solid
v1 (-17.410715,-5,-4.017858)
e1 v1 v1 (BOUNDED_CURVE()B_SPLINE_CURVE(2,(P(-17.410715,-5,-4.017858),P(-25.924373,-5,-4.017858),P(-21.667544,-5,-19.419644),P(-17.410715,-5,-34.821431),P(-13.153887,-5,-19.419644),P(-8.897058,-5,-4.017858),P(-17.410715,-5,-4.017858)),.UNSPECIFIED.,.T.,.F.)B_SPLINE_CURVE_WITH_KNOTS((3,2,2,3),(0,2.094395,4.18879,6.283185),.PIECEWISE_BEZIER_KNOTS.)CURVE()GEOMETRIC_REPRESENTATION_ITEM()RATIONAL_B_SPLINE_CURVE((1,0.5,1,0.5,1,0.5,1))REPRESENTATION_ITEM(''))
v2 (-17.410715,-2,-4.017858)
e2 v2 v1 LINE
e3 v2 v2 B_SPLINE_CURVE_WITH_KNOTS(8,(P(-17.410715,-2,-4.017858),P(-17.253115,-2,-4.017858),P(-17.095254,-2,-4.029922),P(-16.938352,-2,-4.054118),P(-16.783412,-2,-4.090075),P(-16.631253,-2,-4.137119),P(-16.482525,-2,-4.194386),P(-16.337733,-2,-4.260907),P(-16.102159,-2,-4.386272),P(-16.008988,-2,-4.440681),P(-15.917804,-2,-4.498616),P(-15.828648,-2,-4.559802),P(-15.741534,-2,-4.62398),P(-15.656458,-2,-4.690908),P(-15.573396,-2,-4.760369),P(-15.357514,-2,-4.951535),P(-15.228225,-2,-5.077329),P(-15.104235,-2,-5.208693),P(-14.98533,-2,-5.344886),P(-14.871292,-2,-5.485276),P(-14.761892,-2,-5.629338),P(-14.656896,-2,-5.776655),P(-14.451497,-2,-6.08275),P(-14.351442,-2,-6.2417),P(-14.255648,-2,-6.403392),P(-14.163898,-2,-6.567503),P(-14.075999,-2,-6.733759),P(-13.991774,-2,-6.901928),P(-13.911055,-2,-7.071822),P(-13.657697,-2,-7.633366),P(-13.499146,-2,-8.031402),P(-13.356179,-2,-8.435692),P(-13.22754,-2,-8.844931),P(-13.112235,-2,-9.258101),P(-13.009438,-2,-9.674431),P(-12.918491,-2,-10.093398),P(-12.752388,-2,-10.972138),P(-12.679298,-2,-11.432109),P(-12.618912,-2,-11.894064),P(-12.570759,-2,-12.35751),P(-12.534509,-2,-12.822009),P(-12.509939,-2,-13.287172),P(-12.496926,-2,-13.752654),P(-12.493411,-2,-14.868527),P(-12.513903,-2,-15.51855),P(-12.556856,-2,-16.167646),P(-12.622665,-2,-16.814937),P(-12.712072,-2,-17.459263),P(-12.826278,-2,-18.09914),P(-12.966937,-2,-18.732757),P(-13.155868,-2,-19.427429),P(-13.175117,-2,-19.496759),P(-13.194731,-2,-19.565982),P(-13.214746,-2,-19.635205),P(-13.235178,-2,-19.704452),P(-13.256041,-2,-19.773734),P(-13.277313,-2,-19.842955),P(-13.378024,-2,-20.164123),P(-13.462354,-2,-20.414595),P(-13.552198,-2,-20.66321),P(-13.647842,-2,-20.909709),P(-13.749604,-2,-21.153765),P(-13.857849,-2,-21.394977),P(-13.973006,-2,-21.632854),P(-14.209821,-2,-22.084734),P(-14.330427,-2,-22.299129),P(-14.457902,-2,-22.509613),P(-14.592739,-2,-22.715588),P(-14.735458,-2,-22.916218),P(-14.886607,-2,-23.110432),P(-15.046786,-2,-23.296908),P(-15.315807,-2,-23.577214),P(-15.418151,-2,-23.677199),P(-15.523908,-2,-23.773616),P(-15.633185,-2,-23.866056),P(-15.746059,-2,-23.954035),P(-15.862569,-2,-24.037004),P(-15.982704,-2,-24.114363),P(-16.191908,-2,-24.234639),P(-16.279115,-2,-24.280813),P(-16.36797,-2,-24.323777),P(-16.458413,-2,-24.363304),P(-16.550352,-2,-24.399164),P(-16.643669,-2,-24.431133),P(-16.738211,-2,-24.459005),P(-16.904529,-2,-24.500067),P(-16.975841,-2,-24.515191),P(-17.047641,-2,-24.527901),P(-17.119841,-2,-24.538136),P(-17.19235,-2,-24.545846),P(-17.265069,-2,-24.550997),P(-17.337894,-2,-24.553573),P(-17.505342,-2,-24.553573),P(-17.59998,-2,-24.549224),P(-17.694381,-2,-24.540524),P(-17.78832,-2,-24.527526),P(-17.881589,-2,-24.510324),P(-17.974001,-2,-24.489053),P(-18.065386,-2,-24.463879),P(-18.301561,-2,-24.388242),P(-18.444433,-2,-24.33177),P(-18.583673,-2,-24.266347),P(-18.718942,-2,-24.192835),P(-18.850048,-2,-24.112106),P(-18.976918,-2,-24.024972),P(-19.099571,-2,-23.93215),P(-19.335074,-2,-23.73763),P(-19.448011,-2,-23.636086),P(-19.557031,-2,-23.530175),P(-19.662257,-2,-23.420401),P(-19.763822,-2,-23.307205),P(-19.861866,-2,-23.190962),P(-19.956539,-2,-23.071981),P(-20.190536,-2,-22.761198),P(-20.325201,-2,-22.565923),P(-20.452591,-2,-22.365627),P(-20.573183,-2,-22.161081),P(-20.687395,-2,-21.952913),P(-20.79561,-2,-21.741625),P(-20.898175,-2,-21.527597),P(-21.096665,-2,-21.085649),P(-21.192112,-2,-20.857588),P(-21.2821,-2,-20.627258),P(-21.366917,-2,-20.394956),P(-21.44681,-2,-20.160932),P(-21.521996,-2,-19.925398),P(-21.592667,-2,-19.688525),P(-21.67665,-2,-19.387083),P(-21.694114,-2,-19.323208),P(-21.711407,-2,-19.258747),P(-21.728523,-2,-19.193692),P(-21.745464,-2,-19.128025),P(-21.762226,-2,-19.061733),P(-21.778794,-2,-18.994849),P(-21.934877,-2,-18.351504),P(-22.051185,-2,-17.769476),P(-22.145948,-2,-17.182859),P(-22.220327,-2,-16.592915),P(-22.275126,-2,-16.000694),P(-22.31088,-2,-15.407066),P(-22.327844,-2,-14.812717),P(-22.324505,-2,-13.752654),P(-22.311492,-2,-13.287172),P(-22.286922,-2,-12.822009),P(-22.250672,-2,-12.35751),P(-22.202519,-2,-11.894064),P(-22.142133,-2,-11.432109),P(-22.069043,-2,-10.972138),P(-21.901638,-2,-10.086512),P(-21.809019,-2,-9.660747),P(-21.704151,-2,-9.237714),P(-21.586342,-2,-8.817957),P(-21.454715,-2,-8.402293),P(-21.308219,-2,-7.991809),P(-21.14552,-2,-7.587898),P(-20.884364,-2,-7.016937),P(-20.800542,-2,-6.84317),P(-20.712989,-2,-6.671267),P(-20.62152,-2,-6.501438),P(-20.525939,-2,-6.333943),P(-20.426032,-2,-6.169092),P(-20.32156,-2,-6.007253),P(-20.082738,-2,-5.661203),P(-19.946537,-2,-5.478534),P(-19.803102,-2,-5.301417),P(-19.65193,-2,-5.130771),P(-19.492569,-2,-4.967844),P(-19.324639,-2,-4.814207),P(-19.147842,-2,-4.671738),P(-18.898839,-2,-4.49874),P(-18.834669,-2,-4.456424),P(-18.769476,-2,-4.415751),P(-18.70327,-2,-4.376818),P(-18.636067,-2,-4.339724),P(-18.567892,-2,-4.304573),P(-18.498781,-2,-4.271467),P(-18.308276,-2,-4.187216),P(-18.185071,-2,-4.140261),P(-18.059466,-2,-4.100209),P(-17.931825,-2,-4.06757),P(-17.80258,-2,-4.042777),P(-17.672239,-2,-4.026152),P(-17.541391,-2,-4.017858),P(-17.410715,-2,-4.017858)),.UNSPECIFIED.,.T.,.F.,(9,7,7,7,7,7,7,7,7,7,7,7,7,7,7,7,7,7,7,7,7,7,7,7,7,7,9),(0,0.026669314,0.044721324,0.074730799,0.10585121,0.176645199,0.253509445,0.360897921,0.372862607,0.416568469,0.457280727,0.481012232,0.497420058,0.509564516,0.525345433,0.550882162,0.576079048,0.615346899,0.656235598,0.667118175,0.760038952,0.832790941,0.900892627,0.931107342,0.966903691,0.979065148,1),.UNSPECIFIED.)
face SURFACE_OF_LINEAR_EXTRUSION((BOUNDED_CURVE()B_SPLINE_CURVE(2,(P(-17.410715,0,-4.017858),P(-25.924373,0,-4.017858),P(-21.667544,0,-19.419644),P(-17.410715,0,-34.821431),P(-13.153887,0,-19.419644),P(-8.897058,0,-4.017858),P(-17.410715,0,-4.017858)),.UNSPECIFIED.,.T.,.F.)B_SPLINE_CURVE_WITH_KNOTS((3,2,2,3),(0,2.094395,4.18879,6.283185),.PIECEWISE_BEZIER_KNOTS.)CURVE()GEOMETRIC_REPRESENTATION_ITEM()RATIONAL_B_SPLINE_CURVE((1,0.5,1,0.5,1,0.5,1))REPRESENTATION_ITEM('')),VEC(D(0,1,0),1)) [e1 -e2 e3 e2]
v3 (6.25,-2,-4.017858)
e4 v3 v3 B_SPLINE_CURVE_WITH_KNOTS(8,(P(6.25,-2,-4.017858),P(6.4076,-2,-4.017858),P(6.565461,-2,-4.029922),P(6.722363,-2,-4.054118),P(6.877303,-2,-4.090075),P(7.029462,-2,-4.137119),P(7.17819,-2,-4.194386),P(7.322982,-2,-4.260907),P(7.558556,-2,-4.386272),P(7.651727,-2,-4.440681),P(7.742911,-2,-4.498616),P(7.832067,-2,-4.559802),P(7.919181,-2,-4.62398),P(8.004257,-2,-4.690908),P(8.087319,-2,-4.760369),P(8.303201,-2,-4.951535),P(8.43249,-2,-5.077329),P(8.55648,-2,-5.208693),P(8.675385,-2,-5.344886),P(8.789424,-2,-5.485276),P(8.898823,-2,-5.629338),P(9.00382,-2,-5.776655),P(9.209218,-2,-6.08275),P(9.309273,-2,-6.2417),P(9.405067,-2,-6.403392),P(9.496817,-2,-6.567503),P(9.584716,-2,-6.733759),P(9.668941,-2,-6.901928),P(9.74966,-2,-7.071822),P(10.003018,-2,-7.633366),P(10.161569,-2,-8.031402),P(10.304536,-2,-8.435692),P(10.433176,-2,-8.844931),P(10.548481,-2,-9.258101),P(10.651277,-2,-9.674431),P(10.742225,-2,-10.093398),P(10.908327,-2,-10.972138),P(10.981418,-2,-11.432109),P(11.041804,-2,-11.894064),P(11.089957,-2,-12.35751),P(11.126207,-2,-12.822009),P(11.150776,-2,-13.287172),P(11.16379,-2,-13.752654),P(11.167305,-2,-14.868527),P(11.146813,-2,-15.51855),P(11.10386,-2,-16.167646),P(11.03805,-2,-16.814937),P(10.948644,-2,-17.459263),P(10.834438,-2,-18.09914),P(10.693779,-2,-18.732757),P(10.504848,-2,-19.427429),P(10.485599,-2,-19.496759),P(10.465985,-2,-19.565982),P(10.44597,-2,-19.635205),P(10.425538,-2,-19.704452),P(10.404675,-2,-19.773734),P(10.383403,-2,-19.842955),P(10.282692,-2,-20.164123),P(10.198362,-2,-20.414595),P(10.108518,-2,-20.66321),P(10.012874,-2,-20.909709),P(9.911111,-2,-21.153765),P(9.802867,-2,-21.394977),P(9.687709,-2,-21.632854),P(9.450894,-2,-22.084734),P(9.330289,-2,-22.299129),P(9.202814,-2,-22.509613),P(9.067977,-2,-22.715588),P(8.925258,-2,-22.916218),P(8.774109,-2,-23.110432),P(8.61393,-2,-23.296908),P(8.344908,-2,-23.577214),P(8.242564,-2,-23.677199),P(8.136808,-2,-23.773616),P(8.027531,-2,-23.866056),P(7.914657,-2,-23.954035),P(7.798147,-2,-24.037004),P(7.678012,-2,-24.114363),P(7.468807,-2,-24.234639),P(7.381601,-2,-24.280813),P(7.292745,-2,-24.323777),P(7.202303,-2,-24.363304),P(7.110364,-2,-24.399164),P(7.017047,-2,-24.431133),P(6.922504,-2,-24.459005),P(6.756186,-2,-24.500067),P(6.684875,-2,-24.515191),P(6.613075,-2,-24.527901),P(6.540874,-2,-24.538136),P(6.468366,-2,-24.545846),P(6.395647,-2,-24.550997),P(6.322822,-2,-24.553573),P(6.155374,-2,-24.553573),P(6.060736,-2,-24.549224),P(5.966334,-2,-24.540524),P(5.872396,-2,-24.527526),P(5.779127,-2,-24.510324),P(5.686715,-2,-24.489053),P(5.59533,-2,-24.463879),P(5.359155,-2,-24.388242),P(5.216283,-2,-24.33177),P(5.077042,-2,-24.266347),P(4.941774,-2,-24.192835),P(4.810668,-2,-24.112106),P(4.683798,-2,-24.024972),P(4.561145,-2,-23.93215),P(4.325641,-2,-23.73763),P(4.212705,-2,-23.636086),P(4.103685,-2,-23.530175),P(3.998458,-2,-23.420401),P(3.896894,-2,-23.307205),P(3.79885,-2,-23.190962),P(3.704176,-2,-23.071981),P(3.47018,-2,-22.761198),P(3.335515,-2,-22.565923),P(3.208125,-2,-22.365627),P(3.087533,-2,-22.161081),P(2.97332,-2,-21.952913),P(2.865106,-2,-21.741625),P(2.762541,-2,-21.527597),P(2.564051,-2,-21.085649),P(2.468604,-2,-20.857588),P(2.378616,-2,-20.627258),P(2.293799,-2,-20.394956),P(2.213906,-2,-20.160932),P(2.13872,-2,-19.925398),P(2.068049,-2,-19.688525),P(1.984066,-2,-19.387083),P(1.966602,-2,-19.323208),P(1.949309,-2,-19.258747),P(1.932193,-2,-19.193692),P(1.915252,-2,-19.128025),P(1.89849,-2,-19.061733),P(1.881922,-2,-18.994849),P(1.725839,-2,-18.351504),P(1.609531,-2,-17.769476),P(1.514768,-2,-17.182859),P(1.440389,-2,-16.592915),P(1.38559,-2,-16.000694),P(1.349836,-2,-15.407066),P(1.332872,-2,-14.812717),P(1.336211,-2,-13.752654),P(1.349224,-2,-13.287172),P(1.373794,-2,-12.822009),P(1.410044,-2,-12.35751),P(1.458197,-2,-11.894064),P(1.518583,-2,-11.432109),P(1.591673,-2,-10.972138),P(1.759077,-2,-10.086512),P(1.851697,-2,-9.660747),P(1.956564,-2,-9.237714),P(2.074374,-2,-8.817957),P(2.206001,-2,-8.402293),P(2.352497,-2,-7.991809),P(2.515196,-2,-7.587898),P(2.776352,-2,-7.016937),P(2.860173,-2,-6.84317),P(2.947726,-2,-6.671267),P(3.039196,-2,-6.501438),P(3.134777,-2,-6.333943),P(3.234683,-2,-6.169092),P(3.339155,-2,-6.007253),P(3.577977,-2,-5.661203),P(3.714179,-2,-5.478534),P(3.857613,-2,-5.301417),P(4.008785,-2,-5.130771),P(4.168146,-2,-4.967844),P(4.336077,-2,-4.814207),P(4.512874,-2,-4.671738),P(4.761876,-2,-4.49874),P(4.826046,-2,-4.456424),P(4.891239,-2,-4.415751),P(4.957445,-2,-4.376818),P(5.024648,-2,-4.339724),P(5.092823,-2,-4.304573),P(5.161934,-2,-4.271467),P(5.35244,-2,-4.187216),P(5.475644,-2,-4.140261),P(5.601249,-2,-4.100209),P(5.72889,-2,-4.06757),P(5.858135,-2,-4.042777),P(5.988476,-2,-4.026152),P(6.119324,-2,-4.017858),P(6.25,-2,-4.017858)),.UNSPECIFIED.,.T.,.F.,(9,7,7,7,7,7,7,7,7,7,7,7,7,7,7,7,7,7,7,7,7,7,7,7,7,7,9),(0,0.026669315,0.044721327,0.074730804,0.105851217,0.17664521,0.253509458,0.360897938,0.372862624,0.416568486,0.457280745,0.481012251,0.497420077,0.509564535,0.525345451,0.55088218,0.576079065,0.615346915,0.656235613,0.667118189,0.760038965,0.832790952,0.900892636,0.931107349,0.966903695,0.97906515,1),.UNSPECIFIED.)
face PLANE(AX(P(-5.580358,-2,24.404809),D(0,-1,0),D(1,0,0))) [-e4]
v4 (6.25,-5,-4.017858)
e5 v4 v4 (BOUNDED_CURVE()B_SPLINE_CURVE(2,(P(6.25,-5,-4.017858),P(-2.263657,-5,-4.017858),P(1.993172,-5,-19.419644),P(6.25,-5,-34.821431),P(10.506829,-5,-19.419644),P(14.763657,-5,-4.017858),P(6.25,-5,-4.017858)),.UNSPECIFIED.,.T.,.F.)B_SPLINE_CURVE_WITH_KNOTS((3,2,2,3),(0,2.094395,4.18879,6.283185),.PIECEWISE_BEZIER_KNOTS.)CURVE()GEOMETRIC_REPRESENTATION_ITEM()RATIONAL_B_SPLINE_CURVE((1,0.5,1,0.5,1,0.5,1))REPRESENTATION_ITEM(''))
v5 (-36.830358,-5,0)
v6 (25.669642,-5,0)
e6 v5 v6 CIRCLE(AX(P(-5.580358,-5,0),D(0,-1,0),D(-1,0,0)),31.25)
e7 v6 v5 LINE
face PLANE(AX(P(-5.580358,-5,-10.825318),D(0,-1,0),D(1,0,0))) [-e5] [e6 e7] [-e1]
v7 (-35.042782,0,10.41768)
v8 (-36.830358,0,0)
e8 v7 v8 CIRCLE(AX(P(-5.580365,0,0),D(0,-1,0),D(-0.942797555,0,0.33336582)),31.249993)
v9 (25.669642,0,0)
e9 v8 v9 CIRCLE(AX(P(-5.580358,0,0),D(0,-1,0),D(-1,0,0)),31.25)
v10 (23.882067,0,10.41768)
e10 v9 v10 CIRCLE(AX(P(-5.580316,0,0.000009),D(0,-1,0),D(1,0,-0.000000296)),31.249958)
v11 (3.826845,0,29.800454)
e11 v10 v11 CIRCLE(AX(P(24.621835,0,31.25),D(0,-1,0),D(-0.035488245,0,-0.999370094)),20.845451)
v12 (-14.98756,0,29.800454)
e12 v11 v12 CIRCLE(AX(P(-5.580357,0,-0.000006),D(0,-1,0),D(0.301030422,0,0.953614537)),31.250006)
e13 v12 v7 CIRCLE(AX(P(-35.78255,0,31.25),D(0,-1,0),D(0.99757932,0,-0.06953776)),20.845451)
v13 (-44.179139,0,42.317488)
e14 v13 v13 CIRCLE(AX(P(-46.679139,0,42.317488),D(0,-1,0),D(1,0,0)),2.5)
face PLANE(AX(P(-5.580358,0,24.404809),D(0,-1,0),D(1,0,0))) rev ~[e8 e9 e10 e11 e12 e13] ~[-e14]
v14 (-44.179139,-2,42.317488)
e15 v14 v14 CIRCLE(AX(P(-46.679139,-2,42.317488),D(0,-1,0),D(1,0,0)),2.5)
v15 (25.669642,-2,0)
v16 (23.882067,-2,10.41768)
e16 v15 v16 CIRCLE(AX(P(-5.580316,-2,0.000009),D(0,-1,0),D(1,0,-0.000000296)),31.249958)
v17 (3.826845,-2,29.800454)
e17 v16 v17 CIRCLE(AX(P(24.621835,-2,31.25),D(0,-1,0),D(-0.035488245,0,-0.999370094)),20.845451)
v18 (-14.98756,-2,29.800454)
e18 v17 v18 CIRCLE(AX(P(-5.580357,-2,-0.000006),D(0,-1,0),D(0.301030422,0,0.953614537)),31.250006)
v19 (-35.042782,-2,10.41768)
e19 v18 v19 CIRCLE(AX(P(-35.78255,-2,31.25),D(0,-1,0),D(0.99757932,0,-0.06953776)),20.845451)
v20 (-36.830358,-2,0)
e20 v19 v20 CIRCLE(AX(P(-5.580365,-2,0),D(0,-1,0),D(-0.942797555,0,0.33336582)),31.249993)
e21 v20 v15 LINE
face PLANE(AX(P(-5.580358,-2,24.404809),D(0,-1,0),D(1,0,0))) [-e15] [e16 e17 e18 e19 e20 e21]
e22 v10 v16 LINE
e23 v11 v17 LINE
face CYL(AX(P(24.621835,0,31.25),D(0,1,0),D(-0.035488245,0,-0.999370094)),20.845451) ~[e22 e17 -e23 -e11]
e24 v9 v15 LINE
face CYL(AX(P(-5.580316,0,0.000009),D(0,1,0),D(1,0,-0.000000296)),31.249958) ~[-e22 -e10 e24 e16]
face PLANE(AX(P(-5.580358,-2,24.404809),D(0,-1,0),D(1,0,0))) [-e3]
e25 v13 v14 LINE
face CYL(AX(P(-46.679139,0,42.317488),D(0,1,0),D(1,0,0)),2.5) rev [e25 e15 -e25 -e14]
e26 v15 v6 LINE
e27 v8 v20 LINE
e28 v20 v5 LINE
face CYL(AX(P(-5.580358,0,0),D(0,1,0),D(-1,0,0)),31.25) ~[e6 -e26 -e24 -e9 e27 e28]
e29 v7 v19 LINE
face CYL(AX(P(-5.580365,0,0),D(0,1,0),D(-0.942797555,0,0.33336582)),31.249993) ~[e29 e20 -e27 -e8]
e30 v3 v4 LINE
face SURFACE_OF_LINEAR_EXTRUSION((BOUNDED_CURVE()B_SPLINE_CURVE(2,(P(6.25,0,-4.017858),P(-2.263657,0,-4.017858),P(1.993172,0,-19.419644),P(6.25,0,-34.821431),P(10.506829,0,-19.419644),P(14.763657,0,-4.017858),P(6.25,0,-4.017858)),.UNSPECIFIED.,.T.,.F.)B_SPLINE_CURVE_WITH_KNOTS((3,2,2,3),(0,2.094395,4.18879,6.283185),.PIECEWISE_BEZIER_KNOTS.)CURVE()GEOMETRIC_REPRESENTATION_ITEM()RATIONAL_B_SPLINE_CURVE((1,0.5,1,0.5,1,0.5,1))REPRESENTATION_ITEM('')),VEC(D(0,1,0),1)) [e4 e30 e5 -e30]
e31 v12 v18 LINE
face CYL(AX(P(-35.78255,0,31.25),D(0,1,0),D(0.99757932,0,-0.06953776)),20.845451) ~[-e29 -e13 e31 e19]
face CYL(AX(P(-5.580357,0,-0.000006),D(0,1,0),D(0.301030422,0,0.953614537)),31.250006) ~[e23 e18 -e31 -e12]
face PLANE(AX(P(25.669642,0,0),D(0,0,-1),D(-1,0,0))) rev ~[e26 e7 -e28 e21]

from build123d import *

# Parameters (mm, degrees)
F0_R     = 2.5
F1_DEPTH = 2
F2_DEPTH = 5


with BuildPart() as f1:
    # F0 (on Front) → F1 (new body)
    with BuildSketch(Plane.XZ):
        with BuildLine():
            ThreePointArc((-14.98756, 29.800454), (-50.269077, 46.239108), (-35.042782, 10.41768))
            ThreePointArc((-35.042782, 10.41768), (-36.380222, 5.284967), (-36.830358, 0))
            Line((-36.830358, 0), (25.669642, 0))
            ThreePointArc((25.669642, 0), (25.219507, 5.284967), (23.882067, 10.41768))
            ThreePointArc((23.882067, 10.41768), (39.108362, 46.239108), (3.826845, 29.800454))
            ThreePointArc((3.826845, 29.800454), (-5.580358, 31.25), (-14.98756, 29.800454))
        make_face()
        with Locations((-46.679139, 42.317488)):
            Circle(F0_R, mode=Mode.SUBTRACT)
        with BuildLine():
            Line((25.669642, 0), (-36.830358, 0))
            ThreePointArc((-36.830358, 0), (-5.580358, -31.25), (25.669642, 0))
        make_face()
        with BuildLine():
            add(Edge.make_bspline(
                [(-17.410715, -4.017858), (-25.924373, -4.017858), (-21.667544, -19.419644), (-17.410715, -34.821431), (-13.153887, -19.419644), (-8.897058, -4.017858), (-17.410715, -4.017858)],
                knots=[0, 0, 0, 2.094395, 2.094395, 4.18879, 4.18879, 6.283185, 6.283185, 6.283185], degree=2, weights=[1, 0.5, 1, 0.5, 1, 0.5, 1]))
        make_face(mode=Mode.SUBTRACT)
        with BuildLine():
            add(Edge.make_bspline(
                [(6.25, -4.017858), (-2.263657, -4.017858), (1.993172, -19.419644), (6.25, -34.821431), (10.506829, -19.419644), (14.763657, -4.017858), (6.25, -4.017858)],
                knots=[0, 0, 0, 2.094395, 2.094395, 4.18879, 4.18879, 6.283185, 6.283185, 6.283185], degree=2, weights=[1, 0.5, 1, 0.5, 1, 0.5, 1]))
        make_face(mode=Mode.SUBTRACT)
        with BuildLine():
            add(Edge.make_bspline(
                [(-17.410715, -4.017858), (-25.924373, -4.017858), (-21.667544, -19.419644), (-17.410715, -34.821431), (-13.153887, -19.419644), (-8.897058, -4.017858), (-17.410715, -4.017858)],
                knots=[0, 0, 0, 2.094395, 2.094395, 4.18879, 4.18879, 6.283185, 6.283185, 6.283185], degree=2, weights=[1, 0.5, 1, 0.5, 1, 0.5, 1]))
        make_face()
        with BuildLine():
            add(Edge.make_bspline(
                [(6.25, -4.017858), (-2.263657, -4.017858), (1.993172, -19.419644), (6.25, -34.821431), (10.506829, -19.419644), (14.763657, -4.017858), (6.25, -4.017858)],
                knots=[0, 0, 0, 2.094395, 2.094395, 4.18879, 4.18879, 6.283185, 6.283185, 6.283185], degree=2, weights=[1, 0.5, 1, 0.5, 1, 0.5, 1]))
        make_face()
    extrude(amount=F1_DEPTH)

    # F0 (on Front) → F2 (join)
    with BuildSketch(Plane.XZ):
        with BuildLine():
            Line((25.669642, 0), (-36.830358, 0))
            ThreePointArc((-36.830358, 0), (-5.580358, -31.25), (25.669642, 0))
        make_face()
        with BuildLine():
            add(Edge.make_bspline(
                [(-17.410715, -4.017858), (-25.924373, -4.017858), (-21.667544, -19.419644), (-17.410715, -34.821431), (-13.153887, -19.419644), (-8.897058, -4.017858), (-17.410715, -4.017858)],
                knots=[0, 0, 0, 2.094395, 2.094395, 4.18879, 4.18879, 6.283185, 6.283185, 6.283185], degree=2, weights=[1, 0.5, 1, 0.5, 1, 0.5, 1]))
        make_face(mode=Mode.SUBTRACT)
        with BuildLine():
            add(Edge.make_bspline(
                [(6.25, -4.017858), (-2.263657, -4.017858), (1.993172, -19.419644), (6.25, -34.821431), (10.506829, -19.419644), (14.763657, -4.017858), (6.25, -4.017858)],
                knots=[0, 0, 0, 2.094395, 2.094395, 4.18879, 4.18879, 6.283185, 6.283185, 6.283185], degree=2, weights=[1, 0.5, 1, 0.5, 1, 0.5, 1]))
        make_face(mode=Mode.SUBTRACT)
    extrude(amount=F2_DEPTH)


solid = f1.part
